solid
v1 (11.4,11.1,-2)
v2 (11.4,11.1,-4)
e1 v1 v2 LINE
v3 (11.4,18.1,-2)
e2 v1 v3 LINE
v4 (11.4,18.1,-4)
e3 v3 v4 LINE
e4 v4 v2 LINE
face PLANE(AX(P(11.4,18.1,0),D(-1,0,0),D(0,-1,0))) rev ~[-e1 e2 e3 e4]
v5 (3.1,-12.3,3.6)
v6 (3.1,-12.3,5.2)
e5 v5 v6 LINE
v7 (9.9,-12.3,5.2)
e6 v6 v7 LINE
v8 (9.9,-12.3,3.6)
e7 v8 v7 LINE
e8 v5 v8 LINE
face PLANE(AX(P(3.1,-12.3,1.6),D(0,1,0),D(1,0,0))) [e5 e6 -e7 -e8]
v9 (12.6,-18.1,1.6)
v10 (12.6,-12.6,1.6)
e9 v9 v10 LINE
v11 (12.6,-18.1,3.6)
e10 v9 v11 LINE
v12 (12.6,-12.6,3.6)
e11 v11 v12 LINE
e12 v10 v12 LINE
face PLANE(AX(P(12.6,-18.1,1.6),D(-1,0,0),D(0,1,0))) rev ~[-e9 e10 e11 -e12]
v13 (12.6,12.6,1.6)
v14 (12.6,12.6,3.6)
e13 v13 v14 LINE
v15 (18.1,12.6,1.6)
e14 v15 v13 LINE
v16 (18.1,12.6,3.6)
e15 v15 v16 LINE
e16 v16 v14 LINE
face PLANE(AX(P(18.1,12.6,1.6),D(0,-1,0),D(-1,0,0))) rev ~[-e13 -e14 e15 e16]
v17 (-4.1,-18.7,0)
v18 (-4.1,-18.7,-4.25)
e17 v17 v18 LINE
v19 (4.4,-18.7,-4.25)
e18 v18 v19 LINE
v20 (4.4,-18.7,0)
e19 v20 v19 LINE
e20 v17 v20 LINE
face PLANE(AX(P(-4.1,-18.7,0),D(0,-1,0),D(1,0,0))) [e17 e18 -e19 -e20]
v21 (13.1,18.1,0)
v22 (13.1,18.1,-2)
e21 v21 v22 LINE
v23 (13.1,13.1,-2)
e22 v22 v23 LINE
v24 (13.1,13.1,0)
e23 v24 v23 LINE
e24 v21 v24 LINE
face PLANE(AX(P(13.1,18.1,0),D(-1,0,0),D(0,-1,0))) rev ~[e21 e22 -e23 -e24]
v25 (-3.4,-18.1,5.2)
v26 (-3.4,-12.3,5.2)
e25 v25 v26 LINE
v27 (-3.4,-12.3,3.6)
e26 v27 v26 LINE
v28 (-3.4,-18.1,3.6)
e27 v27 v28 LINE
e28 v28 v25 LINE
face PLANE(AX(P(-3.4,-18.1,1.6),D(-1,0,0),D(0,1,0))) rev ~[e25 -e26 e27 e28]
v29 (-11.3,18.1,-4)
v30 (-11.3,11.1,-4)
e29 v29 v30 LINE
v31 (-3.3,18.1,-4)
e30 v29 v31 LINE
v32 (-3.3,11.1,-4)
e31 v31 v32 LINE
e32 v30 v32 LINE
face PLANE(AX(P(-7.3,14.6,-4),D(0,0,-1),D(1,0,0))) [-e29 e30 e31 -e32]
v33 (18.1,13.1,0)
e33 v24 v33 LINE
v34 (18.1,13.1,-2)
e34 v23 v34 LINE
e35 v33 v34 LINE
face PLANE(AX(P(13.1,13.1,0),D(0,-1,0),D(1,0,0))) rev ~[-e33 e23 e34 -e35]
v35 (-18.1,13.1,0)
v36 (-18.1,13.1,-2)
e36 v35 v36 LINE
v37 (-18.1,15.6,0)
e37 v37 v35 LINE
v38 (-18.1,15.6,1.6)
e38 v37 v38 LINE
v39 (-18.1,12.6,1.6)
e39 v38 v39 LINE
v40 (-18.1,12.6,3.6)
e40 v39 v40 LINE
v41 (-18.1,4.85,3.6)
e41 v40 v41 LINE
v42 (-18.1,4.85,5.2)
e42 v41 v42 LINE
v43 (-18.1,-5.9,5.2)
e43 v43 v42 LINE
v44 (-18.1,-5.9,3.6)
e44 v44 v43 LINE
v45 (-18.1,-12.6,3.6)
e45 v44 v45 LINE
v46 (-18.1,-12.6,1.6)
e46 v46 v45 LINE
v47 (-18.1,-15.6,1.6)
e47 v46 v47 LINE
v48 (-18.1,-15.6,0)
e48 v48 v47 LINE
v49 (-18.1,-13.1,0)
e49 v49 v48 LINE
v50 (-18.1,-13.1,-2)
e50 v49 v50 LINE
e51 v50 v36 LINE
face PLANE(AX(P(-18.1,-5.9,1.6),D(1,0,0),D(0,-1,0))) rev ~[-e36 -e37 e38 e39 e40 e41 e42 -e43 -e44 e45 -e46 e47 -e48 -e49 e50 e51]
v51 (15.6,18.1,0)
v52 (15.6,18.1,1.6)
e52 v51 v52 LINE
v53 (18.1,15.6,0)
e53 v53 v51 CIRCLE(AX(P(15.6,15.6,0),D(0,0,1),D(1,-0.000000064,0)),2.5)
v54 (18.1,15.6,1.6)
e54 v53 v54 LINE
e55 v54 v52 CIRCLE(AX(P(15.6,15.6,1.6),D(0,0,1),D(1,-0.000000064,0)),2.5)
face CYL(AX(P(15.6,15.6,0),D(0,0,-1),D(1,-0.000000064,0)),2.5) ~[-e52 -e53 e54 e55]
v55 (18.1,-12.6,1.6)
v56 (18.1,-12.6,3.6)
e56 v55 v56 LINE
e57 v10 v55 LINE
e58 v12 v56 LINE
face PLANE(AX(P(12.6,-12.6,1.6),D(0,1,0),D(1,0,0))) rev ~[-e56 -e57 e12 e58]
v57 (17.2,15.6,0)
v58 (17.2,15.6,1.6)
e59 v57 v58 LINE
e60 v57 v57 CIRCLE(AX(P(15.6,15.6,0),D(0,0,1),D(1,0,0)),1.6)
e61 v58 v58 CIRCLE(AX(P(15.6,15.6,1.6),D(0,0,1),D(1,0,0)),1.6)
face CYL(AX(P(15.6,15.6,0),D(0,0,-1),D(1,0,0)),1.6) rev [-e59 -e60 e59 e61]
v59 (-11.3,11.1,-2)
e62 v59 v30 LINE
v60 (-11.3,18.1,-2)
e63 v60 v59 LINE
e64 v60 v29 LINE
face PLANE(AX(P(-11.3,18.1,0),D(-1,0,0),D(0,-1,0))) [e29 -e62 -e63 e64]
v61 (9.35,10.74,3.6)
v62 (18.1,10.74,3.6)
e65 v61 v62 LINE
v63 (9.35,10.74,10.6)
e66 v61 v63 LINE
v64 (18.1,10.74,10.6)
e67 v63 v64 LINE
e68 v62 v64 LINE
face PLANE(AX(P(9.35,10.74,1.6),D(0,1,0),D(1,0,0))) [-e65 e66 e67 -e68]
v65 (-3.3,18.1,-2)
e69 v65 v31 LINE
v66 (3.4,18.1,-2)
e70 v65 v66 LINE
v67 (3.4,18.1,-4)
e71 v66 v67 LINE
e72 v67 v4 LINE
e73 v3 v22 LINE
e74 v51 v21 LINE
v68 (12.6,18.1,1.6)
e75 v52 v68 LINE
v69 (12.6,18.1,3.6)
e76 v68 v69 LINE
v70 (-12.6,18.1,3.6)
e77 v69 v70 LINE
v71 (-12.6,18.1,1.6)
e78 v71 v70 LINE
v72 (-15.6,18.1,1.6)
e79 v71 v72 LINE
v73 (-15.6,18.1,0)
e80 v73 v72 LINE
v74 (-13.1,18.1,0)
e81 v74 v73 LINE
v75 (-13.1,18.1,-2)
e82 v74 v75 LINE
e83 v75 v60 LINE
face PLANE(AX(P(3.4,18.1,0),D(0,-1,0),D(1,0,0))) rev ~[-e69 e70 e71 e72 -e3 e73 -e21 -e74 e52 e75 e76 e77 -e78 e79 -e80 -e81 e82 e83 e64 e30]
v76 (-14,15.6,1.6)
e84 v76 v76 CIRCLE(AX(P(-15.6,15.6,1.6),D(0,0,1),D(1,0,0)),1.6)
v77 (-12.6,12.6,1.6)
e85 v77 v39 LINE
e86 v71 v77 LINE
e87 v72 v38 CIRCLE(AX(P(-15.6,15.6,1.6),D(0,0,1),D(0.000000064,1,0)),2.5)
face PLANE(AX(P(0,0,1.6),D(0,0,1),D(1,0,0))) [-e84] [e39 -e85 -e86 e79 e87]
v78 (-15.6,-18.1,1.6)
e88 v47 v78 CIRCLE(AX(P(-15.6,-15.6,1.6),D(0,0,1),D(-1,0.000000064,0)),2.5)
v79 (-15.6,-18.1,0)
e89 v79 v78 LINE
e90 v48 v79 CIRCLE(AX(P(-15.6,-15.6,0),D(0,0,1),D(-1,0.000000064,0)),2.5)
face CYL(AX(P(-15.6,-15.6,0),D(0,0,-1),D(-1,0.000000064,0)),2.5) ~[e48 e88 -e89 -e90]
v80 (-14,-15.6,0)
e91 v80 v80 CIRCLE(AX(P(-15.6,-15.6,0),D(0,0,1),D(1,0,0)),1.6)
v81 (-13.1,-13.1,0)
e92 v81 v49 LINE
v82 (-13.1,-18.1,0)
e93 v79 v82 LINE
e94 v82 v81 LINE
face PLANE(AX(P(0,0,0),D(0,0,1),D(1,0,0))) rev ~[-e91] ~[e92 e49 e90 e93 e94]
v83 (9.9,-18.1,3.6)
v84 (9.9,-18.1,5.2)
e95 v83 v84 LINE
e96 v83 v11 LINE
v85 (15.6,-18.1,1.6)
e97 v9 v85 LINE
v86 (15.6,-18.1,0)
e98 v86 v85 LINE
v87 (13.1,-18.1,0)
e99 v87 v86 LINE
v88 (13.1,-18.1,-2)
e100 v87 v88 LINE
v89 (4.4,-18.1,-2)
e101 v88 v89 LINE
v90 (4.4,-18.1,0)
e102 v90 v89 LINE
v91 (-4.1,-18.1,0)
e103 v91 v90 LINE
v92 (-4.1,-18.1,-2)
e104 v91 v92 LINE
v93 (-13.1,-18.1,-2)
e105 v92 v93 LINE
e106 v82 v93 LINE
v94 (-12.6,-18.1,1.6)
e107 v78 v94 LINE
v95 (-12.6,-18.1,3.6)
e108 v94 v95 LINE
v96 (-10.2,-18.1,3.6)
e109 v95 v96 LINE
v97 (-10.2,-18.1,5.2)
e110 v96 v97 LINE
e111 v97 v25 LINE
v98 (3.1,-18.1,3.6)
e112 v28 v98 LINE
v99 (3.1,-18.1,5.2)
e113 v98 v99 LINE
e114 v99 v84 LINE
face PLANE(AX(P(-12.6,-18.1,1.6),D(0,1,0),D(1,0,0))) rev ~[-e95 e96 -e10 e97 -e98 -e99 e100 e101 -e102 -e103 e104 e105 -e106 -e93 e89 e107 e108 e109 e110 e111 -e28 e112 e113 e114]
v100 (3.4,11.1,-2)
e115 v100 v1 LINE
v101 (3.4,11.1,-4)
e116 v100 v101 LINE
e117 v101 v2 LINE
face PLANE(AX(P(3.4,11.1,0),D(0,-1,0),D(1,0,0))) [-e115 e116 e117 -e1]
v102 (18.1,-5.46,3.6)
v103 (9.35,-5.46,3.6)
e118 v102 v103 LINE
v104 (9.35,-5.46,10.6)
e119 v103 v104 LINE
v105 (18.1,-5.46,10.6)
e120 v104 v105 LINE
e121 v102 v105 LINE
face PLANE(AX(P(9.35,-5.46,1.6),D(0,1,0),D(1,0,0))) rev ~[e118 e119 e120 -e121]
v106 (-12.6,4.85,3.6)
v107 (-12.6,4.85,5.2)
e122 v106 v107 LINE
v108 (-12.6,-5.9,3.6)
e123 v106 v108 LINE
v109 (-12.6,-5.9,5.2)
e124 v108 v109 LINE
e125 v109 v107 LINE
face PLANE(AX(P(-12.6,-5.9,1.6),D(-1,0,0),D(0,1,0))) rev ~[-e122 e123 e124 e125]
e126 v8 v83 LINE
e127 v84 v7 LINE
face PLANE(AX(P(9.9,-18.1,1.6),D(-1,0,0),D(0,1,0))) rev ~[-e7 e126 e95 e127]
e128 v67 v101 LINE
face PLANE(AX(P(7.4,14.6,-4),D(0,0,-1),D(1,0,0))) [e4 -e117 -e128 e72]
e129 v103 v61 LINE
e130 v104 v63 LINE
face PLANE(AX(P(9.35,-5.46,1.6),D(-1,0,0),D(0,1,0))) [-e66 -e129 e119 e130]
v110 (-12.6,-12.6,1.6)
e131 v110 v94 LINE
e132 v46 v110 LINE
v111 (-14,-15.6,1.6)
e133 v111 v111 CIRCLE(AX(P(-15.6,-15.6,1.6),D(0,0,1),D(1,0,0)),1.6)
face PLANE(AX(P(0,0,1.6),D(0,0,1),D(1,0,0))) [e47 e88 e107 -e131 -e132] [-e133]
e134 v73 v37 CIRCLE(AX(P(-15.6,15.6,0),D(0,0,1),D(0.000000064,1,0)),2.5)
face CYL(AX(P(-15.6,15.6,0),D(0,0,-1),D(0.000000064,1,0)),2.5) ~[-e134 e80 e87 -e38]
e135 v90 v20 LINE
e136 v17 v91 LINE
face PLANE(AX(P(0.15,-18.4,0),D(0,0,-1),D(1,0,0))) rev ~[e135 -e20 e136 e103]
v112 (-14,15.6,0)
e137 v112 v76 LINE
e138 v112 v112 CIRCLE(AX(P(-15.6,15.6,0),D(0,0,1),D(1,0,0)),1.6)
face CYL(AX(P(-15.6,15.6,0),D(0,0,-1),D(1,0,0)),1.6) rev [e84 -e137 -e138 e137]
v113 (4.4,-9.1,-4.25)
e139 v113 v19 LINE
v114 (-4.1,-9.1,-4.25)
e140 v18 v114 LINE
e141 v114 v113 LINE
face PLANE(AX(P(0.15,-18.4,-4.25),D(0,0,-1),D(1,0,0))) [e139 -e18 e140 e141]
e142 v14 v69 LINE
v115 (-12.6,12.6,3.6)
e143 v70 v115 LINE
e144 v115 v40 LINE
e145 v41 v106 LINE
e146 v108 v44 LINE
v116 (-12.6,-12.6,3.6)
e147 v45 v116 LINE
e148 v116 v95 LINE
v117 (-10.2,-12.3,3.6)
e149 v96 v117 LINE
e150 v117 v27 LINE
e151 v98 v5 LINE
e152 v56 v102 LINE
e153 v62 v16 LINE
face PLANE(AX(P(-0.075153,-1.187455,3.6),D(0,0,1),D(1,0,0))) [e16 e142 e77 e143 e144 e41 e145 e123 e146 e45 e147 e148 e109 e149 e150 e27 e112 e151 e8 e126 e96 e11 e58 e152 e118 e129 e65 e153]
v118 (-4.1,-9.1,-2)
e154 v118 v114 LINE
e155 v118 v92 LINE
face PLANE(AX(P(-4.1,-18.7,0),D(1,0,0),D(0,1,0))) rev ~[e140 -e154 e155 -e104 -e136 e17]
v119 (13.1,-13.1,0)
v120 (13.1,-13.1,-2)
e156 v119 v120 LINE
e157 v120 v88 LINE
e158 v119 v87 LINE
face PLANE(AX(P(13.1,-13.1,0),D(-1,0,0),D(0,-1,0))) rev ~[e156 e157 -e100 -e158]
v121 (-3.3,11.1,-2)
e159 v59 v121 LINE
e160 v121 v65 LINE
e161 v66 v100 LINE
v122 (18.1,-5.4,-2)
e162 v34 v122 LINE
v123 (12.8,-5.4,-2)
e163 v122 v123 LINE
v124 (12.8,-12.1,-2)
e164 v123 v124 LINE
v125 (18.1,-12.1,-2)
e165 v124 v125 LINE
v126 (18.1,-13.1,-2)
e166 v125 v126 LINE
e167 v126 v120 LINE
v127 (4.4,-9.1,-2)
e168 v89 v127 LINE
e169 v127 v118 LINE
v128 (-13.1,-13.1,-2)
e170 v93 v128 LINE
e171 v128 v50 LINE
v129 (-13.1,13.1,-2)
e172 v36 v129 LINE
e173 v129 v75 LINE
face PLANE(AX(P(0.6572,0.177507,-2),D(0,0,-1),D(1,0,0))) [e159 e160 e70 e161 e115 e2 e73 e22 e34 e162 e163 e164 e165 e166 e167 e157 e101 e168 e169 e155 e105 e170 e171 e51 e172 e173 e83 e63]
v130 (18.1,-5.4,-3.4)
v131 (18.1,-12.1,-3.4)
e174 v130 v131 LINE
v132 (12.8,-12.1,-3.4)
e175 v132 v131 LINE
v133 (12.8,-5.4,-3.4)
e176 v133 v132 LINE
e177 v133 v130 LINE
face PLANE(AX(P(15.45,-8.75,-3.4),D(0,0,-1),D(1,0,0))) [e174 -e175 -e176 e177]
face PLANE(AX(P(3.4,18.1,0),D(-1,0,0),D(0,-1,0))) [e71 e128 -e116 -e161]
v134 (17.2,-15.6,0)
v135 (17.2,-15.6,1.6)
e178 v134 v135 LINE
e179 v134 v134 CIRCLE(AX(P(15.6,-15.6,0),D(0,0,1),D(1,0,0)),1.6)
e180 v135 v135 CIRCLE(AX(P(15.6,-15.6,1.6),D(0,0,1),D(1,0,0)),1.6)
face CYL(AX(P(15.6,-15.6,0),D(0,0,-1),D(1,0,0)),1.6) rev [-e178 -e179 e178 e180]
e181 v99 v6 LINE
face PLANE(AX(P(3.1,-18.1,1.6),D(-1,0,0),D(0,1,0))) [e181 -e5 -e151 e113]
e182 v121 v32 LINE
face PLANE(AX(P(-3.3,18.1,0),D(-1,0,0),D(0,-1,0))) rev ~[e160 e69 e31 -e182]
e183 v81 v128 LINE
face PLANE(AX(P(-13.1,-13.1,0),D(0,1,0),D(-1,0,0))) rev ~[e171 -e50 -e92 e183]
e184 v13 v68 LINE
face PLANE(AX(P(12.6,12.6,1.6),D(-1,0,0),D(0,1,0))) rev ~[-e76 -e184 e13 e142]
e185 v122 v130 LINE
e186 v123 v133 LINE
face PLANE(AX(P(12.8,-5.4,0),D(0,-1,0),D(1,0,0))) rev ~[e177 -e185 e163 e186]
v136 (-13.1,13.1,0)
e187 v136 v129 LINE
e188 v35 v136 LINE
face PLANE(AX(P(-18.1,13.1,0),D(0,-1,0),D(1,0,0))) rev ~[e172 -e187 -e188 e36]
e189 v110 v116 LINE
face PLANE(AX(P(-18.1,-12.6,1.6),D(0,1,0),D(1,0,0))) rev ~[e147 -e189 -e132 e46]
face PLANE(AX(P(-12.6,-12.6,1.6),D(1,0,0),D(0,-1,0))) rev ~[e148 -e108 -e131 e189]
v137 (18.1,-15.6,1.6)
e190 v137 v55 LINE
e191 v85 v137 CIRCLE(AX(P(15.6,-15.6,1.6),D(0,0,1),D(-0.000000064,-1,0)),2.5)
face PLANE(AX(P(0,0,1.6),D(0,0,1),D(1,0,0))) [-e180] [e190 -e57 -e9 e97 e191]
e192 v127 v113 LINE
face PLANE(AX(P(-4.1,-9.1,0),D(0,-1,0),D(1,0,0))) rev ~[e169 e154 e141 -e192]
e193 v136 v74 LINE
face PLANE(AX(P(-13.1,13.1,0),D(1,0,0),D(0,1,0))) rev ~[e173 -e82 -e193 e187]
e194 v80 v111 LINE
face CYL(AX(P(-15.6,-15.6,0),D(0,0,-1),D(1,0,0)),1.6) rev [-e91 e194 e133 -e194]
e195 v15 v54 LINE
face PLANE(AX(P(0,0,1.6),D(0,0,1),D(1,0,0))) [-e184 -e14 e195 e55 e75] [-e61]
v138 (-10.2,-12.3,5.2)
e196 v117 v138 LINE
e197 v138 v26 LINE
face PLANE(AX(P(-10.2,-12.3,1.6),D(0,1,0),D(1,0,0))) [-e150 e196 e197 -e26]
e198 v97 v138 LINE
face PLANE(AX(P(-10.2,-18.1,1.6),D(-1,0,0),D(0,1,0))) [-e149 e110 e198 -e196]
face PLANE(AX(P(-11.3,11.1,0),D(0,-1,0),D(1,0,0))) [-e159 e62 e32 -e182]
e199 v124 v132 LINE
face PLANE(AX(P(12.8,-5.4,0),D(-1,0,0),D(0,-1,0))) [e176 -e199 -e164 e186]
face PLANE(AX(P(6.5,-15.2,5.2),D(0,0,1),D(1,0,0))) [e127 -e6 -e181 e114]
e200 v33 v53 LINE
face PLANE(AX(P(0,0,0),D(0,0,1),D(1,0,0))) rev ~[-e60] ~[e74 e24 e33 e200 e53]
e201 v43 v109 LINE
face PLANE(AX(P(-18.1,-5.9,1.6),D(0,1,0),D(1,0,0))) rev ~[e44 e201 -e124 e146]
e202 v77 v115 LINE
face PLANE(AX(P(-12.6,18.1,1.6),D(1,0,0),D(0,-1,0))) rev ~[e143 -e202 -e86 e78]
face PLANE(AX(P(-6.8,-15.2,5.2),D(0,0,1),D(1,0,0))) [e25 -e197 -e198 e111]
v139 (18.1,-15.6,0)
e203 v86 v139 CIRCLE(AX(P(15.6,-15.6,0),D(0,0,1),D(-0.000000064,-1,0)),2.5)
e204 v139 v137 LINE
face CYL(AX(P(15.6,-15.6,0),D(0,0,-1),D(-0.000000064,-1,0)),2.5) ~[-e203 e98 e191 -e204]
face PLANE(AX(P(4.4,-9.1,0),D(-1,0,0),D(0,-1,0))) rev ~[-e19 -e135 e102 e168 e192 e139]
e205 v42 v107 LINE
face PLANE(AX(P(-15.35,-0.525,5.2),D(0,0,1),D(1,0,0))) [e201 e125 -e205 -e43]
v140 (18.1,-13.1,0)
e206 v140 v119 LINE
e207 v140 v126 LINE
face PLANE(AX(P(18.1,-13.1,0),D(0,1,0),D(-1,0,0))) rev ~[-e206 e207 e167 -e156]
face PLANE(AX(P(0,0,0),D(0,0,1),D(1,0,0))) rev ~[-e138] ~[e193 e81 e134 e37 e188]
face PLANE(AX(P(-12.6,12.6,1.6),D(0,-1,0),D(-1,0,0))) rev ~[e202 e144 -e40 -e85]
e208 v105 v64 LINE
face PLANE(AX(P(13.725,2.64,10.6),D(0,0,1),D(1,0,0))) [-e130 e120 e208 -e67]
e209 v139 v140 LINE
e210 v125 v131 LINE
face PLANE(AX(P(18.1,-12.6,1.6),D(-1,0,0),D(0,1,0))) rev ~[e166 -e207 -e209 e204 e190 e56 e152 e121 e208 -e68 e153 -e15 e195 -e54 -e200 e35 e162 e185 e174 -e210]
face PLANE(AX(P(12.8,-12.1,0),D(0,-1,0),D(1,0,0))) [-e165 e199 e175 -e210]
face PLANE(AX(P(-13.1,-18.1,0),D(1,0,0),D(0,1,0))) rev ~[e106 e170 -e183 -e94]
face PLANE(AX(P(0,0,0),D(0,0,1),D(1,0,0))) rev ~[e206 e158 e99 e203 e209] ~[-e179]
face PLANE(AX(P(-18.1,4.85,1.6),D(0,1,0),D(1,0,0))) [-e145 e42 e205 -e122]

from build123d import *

# Parameters (mm, degrees)
F0_R      = 1.6
F1_DEPTH  = 1.6
F2_W      = 5.5
F2_H      = 10.75
F2_W_2    = 6.8
F2_H_2    = 5.8
F3_DEPTH  = 3.6
F2_W_3    = 8.75
F2_H_3    = 16.2
F4_DEPTH  = 9
F5_DEPTH  = 2
F7_DEPTH  = 2
F6_W      = 8.5
F6_H      = 0.6
F6_H_2    = 9
F8_DEPTH  = 4.25
F6_W_2    = 5.3
F6_H_3    = 6.7
F9_DEPTH  = 3.4
F6_W_3    = 8
F6_H_4    = 7
F10_DEPTH = 4


with BuildPart() as f1:
    # F0 (on Top) → F1 (new body)
    with BuildSketch(Plane.XY):
        with BuildLine():
            Line((15.6, 18.1), (-15.6, 18.1))
            ThreePointArc((-15.6, 18.1), (-17.367767, 17.367767), (-18.1, 15.6))
            Line((-18.1, 15.6), (-18.1, -15.6))
            ThreePointArc((-18.1, -15.6), (-17.367767, -17.367767), (-15.6, -18.1))
            Line((-15.6, -18.1), (15.6, -18.1))
            ThreePointArc((15.6, -18.1), (17.367767, -17.367767), (18.1, -15.6))
            Line((18.1, -15.6), (18.1, 15.6))
            ThreePointArc((18.1, 15.6), (17.367767, 17.367767), (15.6, 18.1))
        make_face()
        with Locations((-15.6, -15.6)):
            Circle(F0_R, mode=Mode.SUBTRACT)
        with Locations((15.6, -15.6)):
            Circle(F0_R, mode=Mode.SUBTRACT)
        with Locations((-15.6, 15.6)):
            Circle(F0_R, mode=Mode.SUBTRACT)
        with Locations((15.6, 15.6)):
            Circle(F0_R, mode=Mode.SUBTRACT)
    extrude(amount=F1_DEPTH)

    # F2 (on face) → F3 (join)
    with BuildSketch(Plane.XY.offset(1.6)):
        with Locations((-15.35, -0.525)):
            Rectangle(F2_W, F2_H)
        with Locations((-6.8, -15.2)):
            Rectangle(F2_W_2, F2_H_2)
        with Locations((6.5, -15.2)):
            Rectangle(F2_W_2, F2_H_2)
    extrude(amount=F3_DEPTH)

    # F2 (on face) → F4 (join)
    with BuildSketch(Plane.XY.offset(1.6)):
        with Locations((13.725, 2.64)):
            Rectangle(F2_W_3, F2_H_3)
    extrude(amount=F4_DEPTH)

    # F2 (on face) → F5 (join)
    with BuildSketch(Plane.XY.offset(1.6)):
        Polygon((-12.6, -5.9), (-18.1, -5.9), (-18.1, -12.6), (-12.6, -12.6), (-12.6, -18.1), (-10.2, -18.1), (-10.2, -12.3), (-3.4, -12.3), (-3.4, -18.1), (3.1, -18.1), (3.1, -12.3), (9.9, -12.3), (9.9, -18.1), (12.6, -18.1), (12.6, -12.6), (18.1, -12.6), (18.1, -5.46), (9.35, -5.46), (9.35, 10.74), (18.1, 10.74), (18.1, 12.6), (12.6, 12.6), (12.6, 18.1), (-12.6, 18.1), (-12.6, 12.6), (-18.1, 12.6), (-18.1, 4.85), (-12.6, 4.85), align=None)
    extrude(amount=F5_DEPTH)

    # F6 (on face) → F7 (join)
    with BuildSketch(Plane(origin=(0, 0, 0), x_dir=(1, 0, 0), z_dir=(0, 0, -1))):
        Polygon((12.8, 12.1), (18.1, 12.1), (18.1, 13.1), (13.1, 13.1), (13.1, 18.1), (4.4, 18.1), (4.4, 9.1), (-4.1, 9.1), (-4.1, 18.1), (-13.1, 18.1), (-13.1, 13.1), (-18.1, 13.1), (-18.1, -13.1), (-13.1, -13.1), (-13.1, -18.1), (-11.3, -18.1), (-11.3, -11.1), (-3.3, -11.1), (-3.3, -18.1), (3.4, -18.1), (3.4, -11.1), (11.4, -11.1), (11.4, -18.1), (13.1, -18.1), (13.1, -13.1), (18.1, -13.1), (18.1, 5.4), (12.8, 5.4), align=None)
    extrude(amount=F7_DEPTH)

    # F6 (on face) → F8 (join)
    with BuildSketch(Plane(origin=(0, 0, 0), x_dir=(1, 0, 0), z_dir=(0, 0, -1))):
        with Locations((0.15, 18.4)):
            Rectangle(F6_W, F6_H)
        with Locations((0.15, 13.6)):
            Rectangle(F6_W, F6_H_2)
    extrude(amount=F8_DEPTH)

    # F6 (on face) → F9 (join)
    with BuildSketch(Plane(origin=(0, 0, 0), x_dir=(1, 0, 0), z_dir=(0, 0, -1))):
        with Locations((15.45, 8.75)):
            Rectangle(F6_W_2, F6_H_3)
    extrude(amount=F9_DEPTH)

    # F6 (on face) → F10 (join)
    with BuildSketch(Plane(origin=(0, 0, 0), x_dir=(1, 0, 0), z_dir=(0, 0, -1))):
        with Locations((7.4, -14.6)):
            Rectangle(F6_W_3, F6_H_4)
        with Locations((-7.3, -14.6)):
            Rectangle(F6_W_3, F6_H_4)
    extrude(amount=F10_DEPTH)


solid = f1.part
